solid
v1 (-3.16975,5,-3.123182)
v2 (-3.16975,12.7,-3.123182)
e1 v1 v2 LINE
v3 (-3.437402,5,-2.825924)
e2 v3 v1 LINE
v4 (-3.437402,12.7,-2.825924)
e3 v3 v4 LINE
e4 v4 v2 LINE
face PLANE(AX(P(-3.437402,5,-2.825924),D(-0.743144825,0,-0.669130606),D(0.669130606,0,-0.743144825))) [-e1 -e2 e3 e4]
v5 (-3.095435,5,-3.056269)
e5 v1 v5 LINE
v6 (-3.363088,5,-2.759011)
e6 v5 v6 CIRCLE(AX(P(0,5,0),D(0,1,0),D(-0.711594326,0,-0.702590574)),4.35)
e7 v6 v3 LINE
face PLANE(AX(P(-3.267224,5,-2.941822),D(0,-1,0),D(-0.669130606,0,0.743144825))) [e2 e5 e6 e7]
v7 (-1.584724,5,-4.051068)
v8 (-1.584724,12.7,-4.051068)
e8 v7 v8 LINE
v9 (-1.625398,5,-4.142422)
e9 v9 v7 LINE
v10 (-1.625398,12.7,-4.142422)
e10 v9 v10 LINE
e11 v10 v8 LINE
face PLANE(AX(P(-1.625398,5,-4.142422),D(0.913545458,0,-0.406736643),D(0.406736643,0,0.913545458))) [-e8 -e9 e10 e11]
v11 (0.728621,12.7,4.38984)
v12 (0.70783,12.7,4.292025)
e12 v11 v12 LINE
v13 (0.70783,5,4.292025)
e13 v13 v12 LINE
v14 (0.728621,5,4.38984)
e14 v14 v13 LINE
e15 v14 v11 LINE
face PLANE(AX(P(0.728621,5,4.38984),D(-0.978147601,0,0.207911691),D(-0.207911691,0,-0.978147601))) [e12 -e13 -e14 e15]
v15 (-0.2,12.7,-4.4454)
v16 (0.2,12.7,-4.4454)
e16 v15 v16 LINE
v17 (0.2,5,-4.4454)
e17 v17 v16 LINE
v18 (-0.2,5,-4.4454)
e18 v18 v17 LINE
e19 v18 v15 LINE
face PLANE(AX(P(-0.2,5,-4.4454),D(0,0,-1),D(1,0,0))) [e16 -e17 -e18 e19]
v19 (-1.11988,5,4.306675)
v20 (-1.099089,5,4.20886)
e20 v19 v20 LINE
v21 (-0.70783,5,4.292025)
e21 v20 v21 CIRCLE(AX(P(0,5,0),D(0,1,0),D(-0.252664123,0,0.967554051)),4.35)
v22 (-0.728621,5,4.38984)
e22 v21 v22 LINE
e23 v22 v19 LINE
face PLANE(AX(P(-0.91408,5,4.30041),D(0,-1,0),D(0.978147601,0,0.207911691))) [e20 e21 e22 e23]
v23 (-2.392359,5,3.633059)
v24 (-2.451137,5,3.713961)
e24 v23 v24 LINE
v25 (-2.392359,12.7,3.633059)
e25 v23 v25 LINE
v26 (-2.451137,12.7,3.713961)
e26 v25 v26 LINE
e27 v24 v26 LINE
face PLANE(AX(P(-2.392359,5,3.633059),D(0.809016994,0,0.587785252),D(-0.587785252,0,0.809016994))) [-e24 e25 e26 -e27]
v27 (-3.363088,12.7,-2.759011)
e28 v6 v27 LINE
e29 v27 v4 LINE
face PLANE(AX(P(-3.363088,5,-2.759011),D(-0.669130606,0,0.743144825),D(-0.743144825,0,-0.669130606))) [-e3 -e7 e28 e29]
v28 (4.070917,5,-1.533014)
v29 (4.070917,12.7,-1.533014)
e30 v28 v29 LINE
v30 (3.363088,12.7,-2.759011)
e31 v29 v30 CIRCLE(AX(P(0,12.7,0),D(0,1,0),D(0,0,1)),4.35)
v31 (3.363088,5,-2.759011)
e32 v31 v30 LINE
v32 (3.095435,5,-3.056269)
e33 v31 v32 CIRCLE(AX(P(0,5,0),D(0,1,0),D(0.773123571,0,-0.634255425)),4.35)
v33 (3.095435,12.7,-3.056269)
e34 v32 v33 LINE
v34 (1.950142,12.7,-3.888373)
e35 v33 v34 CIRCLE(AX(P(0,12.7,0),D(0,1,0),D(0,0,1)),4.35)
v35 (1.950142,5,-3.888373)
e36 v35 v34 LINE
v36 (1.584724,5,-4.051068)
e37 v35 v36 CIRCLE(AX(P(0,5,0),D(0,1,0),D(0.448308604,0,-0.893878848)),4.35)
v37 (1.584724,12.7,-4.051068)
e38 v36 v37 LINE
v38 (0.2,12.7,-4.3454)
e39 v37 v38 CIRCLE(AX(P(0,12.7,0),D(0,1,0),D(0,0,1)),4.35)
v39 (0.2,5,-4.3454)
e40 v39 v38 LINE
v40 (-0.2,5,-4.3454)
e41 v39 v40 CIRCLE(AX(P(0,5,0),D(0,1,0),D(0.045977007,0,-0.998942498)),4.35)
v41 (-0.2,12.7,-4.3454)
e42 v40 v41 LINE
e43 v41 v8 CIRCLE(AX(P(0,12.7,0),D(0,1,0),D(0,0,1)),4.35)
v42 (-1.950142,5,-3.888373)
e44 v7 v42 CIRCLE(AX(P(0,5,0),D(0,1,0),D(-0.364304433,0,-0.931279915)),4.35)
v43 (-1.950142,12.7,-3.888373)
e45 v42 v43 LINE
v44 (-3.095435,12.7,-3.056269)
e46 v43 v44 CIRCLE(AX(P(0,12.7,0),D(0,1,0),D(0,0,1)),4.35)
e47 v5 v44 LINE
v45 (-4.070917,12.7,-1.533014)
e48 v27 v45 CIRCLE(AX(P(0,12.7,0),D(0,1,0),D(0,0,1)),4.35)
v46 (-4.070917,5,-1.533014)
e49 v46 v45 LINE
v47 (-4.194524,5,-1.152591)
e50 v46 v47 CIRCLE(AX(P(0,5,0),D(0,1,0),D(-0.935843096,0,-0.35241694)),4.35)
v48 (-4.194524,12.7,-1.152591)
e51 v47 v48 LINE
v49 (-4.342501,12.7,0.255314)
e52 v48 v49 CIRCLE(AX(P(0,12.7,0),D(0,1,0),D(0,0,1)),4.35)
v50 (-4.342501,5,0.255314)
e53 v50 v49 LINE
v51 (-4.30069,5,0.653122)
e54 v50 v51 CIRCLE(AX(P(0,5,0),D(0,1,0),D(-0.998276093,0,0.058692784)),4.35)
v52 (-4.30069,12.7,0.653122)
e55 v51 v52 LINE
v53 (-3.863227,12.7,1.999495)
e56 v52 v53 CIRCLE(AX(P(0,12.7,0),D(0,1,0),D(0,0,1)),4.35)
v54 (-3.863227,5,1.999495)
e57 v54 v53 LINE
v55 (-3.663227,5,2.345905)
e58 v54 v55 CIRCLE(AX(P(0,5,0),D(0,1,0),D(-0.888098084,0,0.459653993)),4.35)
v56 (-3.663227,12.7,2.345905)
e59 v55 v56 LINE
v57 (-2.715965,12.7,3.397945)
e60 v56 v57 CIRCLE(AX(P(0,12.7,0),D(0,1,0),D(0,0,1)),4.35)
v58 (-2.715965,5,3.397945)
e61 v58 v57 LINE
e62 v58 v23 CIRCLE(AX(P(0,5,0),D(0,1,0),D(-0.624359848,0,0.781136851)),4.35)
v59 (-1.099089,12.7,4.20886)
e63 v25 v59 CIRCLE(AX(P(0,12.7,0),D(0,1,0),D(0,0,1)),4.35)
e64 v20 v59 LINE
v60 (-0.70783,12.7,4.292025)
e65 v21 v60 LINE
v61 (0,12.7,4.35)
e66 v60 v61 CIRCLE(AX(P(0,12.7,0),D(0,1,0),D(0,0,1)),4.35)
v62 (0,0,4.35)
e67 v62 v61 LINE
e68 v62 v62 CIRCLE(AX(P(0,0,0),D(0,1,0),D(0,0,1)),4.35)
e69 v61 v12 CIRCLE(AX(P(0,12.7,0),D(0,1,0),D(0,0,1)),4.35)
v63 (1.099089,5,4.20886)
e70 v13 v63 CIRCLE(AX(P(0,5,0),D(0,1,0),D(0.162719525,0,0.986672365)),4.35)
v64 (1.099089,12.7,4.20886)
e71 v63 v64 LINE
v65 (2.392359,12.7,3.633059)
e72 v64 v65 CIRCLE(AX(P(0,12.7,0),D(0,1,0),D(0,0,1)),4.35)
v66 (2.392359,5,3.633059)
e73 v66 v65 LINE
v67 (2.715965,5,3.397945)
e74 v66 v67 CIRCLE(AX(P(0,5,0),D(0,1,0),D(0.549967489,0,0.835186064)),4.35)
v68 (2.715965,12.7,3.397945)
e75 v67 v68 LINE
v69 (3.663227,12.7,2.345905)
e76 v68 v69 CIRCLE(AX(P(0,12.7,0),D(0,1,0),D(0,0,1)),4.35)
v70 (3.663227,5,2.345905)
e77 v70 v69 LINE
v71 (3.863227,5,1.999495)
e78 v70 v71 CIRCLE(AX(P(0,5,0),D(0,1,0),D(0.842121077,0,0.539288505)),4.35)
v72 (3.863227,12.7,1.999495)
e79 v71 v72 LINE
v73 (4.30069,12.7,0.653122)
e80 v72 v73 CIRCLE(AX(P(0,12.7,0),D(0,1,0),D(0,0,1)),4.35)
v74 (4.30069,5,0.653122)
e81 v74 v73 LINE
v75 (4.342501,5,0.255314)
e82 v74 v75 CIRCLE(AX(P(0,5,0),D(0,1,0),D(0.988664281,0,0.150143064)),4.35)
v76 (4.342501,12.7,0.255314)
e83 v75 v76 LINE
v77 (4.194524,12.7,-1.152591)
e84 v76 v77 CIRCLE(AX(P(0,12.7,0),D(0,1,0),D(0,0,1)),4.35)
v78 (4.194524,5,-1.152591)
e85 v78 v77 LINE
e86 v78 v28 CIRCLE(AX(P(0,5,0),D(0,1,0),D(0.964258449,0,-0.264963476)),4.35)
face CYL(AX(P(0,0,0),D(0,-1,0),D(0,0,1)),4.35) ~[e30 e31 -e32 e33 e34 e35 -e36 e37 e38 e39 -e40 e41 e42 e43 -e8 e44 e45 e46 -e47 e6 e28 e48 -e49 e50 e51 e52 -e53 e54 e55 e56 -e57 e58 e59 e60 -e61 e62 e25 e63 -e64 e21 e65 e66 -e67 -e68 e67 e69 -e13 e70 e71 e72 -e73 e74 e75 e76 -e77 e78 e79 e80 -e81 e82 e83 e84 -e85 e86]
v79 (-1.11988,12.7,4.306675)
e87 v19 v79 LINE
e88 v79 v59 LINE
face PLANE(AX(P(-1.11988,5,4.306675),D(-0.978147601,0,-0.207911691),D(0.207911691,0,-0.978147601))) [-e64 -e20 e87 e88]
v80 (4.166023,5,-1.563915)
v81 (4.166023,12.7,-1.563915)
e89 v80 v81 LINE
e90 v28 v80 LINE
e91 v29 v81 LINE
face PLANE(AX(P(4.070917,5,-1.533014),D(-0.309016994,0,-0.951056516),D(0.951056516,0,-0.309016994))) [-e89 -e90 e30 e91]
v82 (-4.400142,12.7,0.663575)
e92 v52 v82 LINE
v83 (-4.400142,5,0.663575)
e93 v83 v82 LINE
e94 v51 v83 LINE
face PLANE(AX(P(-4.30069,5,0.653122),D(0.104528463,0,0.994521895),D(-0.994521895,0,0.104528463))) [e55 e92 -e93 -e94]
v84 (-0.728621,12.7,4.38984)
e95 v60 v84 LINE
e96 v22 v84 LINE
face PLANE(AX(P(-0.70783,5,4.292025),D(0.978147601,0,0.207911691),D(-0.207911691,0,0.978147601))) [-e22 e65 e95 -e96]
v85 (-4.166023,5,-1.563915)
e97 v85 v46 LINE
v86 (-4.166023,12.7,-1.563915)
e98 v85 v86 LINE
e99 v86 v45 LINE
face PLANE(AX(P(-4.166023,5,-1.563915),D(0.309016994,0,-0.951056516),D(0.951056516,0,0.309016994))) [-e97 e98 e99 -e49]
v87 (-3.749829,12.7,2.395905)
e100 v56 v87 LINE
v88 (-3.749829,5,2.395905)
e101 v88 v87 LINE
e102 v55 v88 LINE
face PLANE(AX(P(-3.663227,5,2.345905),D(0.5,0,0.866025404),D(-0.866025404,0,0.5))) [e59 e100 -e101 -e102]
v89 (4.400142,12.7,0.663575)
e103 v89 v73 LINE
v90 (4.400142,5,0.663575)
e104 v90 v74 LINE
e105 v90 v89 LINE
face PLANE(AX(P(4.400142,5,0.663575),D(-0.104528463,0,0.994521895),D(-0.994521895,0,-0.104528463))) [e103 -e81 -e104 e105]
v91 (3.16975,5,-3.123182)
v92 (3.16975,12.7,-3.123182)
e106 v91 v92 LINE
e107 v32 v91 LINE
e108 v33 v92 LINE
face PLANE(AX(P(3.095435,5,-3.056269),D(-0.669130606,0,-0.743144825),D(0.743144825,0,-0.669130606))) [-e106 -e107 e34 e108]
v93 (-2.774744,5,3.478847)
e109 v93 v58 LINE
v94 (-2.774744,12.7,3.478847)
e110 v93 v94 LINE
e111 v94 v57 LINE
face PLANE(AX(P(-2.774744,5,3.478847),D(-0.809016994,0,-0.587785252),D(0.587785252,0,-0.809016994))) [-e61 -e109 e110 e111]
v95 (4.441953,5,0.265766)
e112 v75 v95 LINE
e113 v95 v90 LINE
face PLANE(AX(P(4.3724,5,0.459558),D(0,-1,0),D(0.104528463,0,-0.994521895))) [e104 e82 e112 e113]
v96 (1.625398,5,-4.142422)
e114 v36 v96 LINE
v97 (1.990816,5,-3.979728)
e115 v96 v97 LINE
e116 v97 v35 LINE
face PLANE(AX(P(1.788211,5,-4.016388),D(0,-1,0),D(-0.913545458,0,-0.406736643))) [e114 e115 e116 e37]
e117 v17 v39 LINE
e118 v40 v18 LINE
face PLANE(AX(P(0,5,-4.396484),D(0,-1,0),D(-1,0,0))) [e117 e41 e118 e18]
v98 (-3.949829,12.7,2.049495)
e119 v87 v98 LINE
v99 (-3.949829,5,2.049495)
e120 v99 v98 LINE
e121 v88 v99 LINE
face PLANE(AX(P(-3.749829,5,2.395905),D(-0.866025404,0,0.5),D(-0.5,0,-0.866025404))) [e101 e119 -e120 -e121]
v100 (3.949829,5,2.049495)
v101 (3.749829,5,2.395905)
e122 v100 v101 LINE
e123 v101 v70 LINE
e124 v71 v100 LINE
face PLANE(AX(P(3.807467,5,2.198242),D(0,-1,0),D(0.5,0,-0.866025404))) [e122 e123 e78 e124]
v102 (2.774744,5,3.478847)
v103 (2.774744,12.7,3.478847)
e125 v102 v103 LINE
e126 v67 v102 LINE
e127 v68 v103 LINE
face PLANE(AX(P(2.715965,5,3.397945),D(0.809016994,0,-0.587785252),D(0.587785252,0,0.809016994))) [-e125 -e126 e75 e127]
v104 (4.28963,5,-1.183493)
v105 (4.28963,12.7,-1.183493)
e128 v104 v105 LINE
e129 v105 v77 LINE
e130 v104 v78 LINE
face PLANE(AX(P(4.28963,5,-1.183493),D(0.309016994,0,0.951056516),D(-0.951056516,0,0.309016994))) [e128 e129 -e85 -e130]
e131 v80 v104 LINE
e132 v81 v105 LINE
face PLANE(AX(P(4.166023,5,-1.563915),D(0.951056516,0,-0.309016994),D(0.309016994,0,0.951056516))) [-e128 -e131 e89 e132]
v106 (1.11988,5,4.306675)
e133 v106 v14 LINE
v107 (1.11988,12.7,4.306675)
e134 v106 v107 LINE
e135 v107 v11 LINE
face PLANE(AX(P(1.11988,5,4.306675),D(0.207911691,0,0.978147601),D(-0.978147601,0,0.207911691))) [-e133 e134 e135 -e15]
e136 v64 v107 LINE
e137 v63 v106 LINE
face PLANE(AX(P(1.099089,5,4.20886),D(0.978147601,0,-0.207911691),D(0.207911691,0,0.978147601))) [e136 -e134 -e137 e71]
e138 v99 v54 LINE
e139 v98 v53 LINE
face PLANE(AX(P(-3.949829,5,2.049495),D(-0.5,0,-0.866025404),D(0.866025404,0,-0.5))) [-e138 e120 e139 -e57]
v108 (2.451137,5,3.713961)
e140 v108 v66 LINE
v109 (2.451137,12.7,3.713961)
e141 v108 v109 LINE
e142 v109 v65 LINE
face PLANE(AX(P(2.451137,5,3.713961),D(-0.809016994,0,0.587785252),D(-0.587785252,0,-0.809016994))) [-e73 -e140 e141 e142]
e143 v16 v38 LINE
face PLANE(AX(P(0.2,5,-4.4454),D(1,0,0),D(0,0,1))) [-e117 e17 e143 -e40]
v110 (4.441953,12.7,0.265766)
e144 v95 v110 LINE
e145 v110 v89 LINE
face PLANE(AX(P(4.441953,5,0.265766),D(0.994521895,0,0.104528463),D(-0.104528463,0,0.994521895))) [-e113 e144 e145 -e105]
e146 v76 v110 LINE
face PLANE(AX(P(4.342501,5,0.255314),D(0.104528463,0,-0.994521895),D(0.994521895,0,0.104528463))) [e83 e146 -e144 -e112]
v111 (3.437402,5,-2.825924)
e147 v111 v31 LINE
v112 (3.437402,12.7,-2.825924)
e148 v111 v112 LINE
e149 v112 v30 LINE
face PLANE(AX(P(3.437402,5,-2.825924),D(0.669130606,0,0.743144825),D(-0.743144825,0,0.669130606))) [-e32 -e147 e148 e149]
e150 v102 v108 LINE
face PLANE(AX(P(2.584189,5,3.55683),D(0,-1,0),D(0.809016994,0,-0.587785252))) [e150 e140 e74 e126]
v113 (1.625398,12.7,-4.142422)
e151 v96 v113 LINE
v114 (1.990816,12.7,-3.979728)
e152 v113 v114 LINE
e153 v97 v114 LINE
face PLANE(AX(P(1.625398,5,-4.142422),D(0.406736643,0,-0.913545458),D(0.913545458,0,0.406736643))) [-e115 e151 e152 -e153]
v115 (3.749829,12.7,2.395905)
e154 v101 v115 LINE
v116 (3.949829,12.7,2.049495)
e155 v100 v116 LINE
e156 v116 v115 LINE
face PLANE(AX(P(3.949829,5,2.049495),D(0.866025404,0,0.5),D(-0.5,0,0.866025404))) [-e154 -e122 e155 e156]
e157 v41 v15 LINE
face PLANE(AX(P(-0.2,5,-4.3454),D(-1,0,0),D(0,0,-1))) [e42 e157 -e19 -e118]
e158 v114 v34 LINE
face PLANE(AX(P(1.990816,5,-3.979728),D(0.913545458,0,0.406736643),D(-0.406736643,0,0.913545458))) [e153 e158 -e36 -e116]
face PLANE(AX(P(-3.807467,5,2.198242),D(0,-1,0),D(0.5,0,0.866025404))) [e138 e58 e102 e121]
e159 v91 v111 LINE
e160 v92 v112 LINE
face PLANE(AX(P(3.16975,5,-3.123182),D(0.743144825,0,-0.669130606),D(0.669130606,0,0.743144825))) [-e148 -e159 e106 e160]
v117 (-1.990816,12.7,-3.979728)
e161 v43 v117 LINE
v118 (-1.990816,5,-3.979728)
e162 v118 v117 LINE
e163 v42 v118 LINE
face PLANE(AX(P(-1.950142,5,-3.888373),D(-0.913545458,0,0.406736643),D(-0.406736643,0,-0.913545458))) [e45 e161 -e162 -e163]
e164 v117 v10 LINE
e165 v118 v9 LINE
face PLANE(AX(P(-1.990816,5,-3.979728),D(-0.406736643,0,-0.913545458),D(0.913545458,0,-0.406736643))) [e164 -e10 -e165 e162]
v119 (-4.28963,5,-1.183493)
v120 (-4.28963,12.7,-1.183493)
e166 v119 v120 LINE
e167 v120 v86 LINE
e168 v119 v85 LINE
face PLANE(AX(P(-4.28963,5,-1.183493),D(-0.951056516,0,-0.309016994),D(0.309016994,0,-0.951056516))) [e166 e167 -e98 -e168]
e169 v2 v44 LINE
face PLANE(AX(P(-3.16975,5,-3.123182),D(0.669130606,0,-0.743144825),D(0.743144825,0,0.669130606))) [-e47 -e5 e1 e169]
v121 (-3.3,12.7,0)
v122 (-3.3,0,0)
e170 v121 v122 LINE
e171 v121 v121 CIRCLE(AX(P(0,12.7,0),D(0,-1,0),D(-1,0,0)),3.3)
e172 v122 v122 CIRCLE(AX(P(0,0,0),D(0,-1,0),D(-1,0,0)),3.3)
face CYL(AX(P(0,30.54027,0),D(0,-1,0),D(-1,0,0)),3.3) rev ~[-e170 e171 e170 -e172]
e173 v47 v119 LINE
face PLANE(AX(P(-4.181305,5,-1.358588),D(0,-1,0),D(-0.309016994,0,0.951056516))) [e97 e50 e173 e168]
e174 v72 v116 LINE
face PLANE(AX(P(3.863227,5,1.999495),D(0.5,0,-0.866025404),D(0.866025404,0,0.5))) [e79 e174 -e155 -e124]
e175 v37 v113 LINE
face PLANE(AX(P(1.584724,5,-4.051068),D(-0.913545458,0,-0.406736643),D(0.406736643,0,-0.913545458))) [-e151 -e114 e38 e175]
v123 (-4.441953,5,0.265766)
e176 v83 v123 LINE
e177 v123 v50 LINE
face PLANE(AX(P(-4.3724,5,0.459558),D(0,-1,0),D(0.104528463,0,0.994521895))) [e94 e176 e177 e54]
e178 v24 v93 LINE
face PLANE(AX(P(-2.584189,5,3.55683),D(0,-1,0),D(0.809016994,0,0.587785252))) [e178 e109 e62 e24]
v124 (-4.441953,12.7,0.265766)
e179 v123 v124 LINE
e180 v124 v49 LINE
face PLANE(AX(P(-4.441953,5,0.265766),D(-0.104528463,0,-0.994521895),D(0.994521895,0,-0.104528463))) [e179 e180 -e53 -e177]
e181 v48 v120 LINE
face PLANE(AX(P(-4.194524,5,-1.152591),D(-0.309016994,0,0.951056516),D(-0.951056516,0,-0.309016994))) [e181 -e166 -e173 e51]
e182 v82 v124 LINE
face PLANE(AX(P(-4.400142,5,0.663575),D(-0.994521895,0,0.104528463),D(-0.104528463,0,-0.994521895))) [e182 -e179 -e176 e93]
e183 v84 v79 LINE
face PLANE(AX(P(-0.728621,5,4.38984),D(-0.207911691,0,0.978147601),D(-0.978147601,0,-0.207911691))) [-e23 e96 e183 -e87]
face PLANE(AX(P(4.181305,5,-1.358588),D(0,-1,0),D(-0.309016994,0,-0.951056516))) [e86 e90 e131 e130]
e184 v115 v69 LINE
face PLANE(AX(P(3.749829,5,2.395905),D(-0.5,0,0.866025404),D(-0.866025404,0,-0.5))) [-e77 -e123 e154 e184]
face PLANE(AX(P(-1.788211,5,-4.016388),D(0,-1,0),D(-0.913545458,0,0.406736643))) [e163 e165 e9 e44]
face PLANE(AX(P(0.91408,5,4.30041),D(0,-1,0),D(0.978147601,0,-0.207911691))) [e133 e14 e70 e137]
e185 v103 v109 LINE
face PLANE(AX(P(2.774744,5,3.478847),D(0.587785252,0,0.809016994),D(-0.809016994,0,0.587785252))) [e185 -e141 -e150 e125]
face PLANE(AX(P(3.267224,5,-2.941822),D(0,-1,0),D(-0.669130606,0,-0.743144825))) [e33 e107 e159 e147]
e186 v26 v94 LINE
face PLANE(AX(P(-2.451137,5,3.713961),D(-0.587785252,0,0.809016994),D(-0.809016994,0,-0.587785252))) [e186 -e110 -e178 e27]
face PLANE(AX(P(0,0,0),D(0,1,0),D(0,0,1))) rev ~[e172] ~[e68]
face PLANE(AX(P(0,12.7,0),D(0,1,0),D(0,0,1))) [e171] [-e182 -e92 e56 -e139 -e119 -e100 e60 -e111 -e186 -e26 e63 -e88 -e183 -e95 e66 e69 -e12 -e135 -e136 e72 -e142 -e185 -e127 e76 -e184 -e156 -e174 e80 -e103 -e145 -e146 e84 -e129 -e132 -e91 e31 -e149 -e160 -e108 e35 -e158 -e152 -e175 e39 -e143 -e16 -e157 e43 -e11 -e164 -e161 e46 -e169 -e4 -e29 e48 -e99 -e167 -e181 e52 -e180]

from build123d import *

# Parameters (mm, degrees)
SKETCH1_R            = 4.35
BODY_DEPTH           = 12.7
TEETH_START          = -7.7
TEETH_DEPTH          = 7.7
CIRPATTERN1_COUNT    = 15
M6_CLEARANCE_HOLE1_D = 6.6


with BuildPart() as part:
    # Sketch1 → Body (new body)
    with BuildSketch(Plane(origin=(0, 0, 0), x_dir=(1, 0, 0), z_dir=(0, 1, 0))):
        with Locations(Location((0, 0, 0), (0, 0, 270))):
            Circle(SKETCH1_R)
    extrude(amount=BODY_DEPTH)

    # Sketch2 → Teeth (add)
    with BuildSketch(Plane(origin=(0, 12.7, 0), x_dir=(1, 0, 0), z_dir=(0, 1, 0)).offset(TEETH_START)):
        with BuildLine():
            Line((-0.2, 4.345399867), (-0.2, 4.445399867))
            Line((-0.2, 4.445399867), (0.2, 4.445399867))
            Line((0.2, 4.445399867), (0.2, 4.345399867))
            ThreePointArc((0.2, 4.345399867), (0, 4.35), (-0.2, 4.345399867))
        make_face()
    teeth = extrude(amount=TEETH_DEPTH)

    # CirPattern1: Teeth ×15 about axis
    cirpattern1_axis = Axis((0, 0, 0), (0, 1, 0))
    for i in range(1, CIRPATTERN1_COUNT):
        add(teeth.rotate(cirpattern1_axis, i * 360 / CIRPATTERN1_COUNT))

    # M6 Clearance Hole1 (through all)
    with Locations(Plane(origin=(0, 12.7, 0), x_dir=(1, 0, 0), z_dir=(0, 1, 0))):
        with Locations((0, 0)):
            Hole(M6_CLEARANCE_HOLE1_D / 2)


solid = part.part
